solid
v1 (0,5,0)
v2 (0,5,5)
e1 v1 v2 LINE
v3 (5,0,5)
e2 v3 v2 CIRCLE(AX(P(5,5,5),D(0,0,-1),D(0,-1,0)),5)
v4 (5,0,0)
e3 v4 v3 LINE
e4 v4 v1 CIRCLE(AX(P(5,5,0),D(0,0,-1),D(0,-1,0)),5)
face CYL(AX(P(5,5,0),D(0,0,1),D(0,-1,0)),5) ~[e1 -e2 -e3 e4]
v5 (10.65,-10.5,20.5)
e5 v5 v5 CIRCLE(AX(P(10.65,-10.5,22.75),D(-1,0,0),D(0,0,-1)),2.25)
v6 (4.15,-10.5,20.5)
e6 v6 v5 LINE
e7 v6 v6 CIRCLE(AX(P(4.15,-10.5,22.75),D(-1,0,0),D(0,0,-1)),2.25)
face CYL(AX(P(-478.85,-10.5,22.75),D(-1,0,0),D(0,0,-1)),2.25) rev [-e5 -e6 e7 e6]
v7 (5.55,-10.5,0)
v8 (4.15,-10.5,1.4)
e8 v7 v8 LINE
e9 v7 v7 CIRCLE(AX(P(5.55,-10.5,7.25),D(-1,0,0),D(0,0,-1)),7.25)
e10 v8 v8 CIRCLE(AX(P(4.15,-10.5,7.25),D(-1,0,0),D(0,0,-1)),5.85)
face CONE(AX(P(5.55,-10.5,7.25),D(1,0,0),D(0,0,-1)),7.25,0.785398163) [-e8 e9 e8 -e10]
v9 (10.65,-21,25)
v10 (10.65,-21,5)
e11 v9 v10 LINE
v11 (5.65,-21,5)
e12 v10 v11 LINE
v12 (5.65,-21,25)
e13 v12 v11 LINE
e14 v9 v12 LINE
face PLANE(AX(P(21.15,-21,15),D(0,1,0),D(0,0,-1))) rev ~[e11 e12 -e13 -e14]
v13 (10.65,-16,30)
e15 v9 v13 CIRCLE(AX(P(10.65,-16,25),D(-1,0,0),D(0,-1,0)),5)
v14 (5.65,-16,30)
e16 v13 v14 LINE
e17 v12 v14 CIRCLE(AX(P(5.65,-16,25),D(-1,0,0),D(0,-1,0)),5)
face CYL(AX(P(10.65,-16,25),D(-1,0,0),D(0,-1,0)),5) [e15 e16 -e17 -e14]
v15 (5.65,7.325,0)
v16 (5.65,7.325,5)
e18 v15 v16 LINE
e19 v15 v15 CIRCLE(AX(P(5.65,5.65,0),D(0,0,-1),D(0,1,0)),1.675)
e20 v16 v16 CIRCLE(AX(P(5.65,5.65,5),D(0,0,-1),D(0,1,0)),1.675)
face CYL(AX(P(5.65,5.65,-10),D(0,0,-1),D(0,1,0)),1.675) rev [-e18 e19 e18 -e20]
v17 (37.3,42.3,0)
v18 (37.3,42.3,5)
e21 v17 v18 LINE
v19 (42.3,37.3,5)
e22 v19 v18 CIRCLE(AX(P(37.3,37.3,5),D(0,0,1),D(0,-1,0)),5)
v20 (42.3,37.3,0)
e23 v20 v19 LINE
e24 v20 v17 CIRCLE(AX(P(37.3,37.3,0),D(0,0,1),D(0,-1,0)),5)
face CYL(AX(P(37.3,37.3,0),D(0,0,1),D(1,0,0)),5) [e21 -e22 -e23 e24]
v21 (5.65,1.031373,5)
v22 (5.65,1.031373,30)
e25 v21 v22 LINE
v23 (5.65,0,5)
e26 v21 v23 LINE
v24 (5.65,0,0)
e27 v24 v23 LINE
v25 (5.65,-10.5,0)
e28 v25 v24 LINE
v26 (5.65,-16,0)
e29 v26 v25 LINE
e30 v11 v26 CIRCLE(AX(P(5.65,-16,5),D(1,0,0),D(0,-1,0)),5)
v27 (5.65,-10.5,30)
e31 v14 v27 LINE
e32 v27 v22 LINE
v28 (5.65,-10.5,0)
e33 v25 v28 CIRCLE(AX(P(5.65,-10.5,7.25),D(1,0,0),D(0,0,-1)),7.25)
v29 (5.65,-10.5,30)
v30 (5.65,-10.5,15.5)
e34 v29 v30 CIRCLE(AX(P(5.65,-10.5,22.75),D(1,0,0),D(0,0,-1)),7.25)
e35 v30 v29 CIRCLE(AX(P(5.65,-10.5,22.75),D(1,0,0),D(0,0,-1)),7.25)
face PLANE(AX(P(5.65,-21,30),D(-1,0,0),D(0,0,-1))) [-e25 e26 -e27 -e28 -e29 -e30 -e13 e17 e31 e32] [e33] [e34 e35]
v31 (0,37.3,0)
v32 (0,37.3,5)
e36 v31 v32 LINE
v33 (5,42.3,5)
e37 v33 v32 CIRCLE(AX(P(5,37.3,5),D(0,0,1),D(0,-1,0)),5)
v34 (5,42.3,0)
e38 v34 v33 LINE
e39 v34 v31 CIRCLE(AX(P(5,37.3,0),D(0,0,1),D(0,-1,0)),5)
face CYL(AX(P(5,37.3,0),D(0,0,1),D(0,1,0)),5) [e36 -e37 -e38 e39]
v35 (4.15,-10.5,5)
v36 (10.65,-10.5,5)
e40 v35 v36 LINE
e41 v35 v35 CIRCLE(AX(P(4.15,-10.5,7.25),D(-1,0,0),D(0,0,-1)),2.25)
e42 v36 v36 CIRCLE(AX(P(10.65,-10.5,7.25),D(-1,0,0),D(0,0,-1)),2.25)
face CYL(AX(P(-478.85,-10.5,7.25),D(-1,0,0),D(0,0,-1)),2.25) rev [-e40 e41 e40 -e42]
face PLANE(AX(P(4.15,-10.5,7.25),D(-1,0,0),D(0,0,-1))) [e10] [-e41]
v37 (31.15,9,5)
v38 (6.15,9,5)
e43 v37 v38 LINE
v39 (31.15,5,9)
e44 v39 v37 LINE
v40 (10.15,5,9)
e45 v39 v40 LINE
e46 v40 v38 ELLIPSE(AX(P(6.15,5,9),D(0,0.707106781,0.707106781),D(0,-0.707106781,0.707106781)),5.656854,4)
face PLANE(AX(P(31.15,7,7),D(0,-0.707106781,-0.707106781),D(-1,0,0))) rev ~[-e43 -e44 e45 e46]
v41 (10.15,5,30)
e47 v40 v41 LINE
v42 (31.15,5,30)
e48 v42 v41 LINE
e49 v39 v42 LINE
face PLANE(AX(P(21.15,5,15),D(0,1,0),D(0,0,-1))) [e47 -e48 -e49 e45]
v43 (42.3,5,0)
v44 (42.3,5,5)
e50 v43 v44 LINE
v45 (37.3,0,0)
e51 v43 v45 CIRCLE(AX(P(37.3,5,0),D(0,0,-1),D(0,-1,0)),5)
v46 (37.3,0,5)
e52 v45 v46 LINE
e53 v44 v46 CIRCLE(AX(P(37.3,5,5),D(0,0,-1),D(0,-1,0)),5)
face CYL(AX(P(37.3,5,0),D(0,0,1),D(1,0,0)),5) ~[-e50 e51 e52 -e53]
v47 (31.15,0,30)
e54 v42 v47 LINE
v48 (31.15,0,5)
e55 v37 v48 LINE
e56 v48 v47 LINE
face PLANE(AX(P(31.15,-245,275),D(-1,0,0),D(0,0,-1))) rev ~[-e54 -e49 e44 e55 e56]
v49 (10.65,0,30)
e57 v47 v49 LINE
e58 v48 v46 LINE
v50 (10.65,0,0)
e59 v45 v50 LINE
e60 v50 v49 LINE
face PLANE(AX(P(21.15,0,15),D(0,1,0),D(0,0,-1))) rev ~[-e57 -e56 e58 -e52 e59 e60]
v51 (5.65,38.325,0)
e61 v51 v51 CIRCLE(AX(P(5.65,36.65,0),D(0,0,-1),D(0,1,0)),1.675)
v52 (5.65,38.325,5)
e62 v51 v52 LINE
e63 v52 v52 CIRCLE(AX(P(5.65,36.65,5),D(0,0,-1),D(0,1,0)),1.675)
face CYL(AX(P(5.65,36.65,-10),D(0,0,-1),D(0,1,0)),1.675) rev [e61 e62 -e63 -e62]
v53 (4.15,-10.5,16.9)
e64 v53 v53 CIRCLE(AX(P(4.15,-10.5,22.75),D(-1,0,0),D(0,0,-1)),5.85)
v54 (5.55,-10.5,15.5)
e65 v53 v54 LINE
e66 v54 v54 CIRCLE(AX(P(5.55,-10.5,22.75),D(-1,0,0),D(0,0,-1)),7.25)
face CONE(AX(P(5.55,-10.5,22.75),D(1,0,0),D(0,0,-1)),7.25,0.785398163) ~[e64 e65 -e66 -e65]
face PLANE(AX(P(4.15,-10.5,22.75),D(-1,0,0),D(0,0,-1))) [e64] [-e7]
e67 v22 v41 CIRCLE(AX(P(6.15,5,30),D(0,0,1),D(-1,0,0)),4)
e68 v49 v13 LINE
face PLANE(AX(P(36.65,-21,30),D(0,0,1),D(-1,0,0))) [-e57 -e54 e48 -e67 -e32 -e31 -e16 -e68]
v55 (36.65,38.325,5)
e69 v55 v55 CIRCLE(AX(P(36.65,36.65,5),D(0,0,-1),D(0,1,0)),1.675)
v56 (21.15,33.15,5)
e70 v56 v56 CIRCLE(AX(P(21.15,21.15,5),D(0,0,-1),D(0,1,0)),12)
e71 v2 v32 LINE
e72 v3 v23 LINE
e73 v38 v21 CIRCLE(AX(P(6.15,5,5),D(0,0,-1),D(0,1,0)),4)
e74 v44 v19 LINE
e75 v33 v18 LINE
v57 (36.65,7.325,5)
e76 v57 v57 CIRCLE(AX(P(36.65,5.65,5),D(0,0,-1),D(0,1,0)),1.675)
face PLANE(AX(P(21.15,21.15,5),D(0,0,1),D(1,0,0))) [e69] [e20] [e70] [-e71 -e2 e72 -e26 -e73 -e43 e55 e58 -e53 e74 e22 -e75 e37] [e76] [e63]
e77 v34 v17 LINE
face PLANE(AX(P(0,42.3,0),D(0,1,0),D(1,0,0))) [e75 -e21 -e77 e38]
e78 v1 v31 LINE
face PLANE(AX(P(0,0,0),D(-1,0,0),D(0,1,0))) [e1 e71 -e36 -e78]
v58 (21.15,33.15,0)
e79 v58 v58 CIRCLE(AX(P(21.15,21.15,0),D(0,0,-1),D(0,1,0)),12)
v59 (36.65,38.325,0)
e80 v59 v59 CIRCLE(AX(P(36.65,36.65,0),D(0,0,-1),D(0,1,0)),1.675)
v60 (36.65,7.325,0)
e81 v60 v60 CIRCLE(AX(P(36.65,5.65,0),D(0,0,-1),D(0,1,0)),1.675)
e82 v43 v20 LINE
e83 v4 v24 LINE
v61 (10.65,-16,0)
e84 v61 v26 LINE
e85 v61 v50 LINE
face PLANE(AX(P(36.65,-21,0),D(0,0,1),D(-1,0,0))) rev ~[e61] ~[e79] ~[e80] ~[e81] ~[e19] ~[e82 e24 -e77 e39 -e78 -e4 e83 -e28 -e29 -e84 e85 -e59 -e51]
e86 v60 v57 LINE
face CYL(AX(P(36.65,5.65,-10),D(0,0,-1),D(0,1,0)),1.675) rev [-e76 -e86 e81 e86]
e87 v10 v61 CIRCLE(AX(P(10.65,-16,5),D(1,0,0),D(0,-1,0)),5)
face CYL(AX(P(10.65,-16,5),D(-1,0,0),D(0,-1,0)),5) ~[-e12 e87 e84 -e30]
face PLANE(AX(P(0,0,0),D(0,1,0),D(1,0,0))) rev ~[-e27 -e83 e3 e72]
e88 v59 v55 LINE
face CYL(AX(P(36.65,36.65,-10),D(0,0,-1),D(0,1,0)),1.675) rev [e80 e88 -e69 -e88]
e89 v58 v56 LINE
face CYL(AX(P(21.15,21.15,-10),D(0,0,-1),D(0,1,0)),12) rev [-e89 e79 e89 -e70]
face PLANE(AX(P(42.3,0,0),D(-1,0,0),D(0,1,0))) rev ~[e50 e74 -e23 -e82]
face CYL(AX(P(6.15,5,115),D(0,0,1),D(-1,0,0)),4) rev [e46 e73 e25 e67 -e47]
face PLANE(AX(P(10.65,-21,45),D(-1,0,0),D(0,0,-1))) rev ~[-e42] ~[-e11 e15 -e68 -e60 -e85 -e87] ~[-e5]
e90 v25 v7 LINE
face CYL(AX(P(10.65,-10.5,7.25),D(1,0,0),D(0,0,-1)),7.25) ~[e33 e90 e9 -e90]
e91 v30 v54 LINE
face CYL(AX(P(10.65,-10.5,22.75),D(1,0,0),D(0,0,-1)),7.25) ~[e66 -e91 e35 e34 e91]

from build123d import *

# Parameters (mm, degrees)
CUBE003_W                     = 500
CUBE003_H                     = 500
CUBE003_DEPTH                 = 500
CYLINDER006_R                 = 2.25
CYLINDER006_DEPTH             = 1000
CYLINDER005_R                 = 2.25
CYLINDER005_DEPTH             = 1000
CYLINDER004_R                 = 7.25
CYLINDER004_DEPTH             = 6.5
CYLINDER003_R                 = 7.25
CYLINDER003_DEPTH             = 6.5
GROUP003_PLACEMENT_ANGLE      = 180
CYLINDER002_R                 = 7.25
CYLINDER002_DEPTH             = 6.5
CYLINDER001_R                 = 7.25
CYLINDER001_DEPTH             = 6.5
CYLINDER_R                    = 4
CYLINDER_DEPTH                = 200
CUBE002_W                     = 60
CUBE002_H                     = 21
CUBE002_DEPTH                 = 21
CUBE001_W                     = 30
CUBE001_H                     = 31
CUBE001_DEPTH                 = 26
DIFFERENCE002_PITCH_ANGLE     = 90
DIFFERENCE002_PLACEMENT_ANGLE = 90
REFINELINEAREXTRUDE_R         = 12
REFINELINEAREXTRUDE_R_2       = 1.675
LINEAREXTRUDE_DEPTH           = 20
CUBE_W                        = 42.3
CUBE_H                        = 42.3
CUBE_DEPTH                    = 5
CHAMFER_SIZE                  = 4
CHAMFER001_SIZE               = 1.4
CHAMFER002_SIZE               = 1.4
FILLET_R                      = 5
FILLET001_R                   = 5
FILLET002_R                   = 5
FILLET003_R                   = 5
FILLET004_R                   = 5
FILLET005_R                   = 5


with BuildPart() as cube003:
    # cube003 → cube003 (new body)
    with BuildSketch(Plane(origin=(-250, -510, -250), x_dir=(1, 0, 0), z_dir=(0, 0, 1))):
        with Locations((250, 250)):
            Rectangle(CUBE003_W, CUBE003_H)
    extrude(amount=CUBE003_DEPTH)


with BuildPart() as cylinder006:
    # cylinder006 → cylinder006 (new body)
    with BuildSketch(Plane(origin=(15.5, 500, 0), x_dir=(1, 0, 0), z_dir=(0, -1, 0))):
        Circle(CYLINDER006_R)
    extrude(amount=CYLINDER006_DEPTH)


with BuildPart() as union002:
    # cylinder005 → cylinder005 (new body)
    with BuildSketch(Plane.XZ.offset(-500)):
        Circle(CYLINDER005_R)
    extrude(amount=CYLINDER005_DEPTH)

    # Group005: union cylinder006
    add(cylinder006.part)


with BuildPart() as union002_1:
    # Group005 placement: moved
    add(union002.part.moved(Location((2.25, 0, -15.5))))

    # union002: union cube003
    add(cube003.part)


with BuildPart() as cylinder004:
    # cylinder004 → cylinder004 (new body)
    with BuildSketch(Plane(origin=(15.5, 0, 0), x_dir=(1, 0, 0), z_dir=(0, -1, 0))):
        Circle(CYLINDER004_R)
    extrude(amount=CYLINDER004_DEPTH)


with BuildPart() as group003:
    # cylinder003 → cylinder003 (new body)
    with BuildSketch(Plane.XZ):
        Circle(CYLINDER003_R)
    extrude(amount=CYLINDER003_DEPTH)

    # Group003: union cylinder004
    add(cylinder004.part)


with BuildPart() as group003_1:
    # Group003 placement: moved
    add(group003.part.moved(Location((2.25, 10.5, -15.5))).rotate(Axis((2.25, 10.5, -15.5), (1, 0, 0)), GROUP003_PLACEMENT_ANGLE))


with BuildPart() as cylinder002:
    # cylinder002 → cylinder002 (new body)
    with BuildSketch(Plane(origin=(15.5, 0, 0), x_dir=(1, 0, 0), z_dir=(0, -1, 0))):
        Circle(CYLINDER002_R)
    extrude(amount=CYLINDER002_DEPTH)


with BuildPart() as group004:
    # cylinder001 → cylinder001 (new body)
    with BuildSketch(Plane.XZ):
        Circle(CYLINDER001_R)
    extrude(amount=CYLINDER001_DEPTH)

    # Group002: union cylinder002
    add(cylinder002.part)


with BuildPart() as group004_1:
    # Group002 placement: moved
    add(group004.part.moved(Location((2.25, -10.5, -15.5))))

    # Group004: union Group003
    add(group003_1.part)


with BuildPart() as cylinder:
    # cylinder → cylinder (new body)
    with BuildSketch(Plane(origin=(-100, 15, 13), x_dir=(0, 1, 0), z_dir=(1, 0, 0))):
        Circle(CYLINDER_R)
    extrude(amount=CYLINDER_DEPTH)


with BuildPart() as union:
    # cube002 → cube002 (new body)
    with BuildSketch(Plane(origin=(-30, -10.5, -13), x_dir=(1, 0, 0), z_dir=(0, 0, 1))):
        with Locations((30, 10.5)):
            Rectangle(CUBE002_W, CUBE002_H)
    extrude(amount=CUBE002_DEPTH)

    # union: union cylinder
    add(cylinder.part)


with BuildPart() as difference002:
    # cube001 → cube001 (new body)
    with BuildSketch(Plane(origin=(-15, -15.5, -13), x_dir=(1, 0, 0), z_dir=(0, 0, 1))):
        with Locations((15, 15.5)):
            Rectangle(CUBE001_W, CUBE001_H)
    extrude(amount=CUBE001_DEPTH)

    # difference001: cut union
    add(union.part, mode=Mode.SUBTRACT)


with BuildPart() as difference002_1:
    # difference001 placement: moved
    add(difference002.part.moved(Location((10, 0, -13))))

    # union001: union Group004
    add(group004_1.part)

    # difference002: cut union002
    add(union002_1.part, mode=Mode.SUBTRACT)


with BuildPart() as difference002_2:
    # difference002 pitch: moved
    add(difference002_1.part.rotate(Axis((0, 0, 0), (0, 1, 0)), DIFFERENCE002_PITCH_ANGLE))


with BuildPart() as difference002_3:
    # difference002 placement: moved
    add(difference002_2.part.moved(Location((21.15, 5, 25))).rotate(Axis((21.15, 5, 25), (0, 0, 1)), DIFFERENCE002_PLACEMENT_ANGLE))


with BuildPart() as linearextrude:
    # RefineLinearExtrude → LinearExtrude (new body)
    with BuildSketch(Plane(origin=(0, 0, 0), x_dir=(0, 1, 0), z_dir=(0, 0, 1))):
        Circle(REFINELINEAREXTRUDE_R)
        with Locations((15.5, -15.5)):
            Circle(REFINELINEAREXTRUDE_R_2)
        with Locations((15.5, 15.5)):
            Circle(REFINELINEAREXTRUDE_R_2)
        with Locations((-15.5, 15.5)):
            Circle(REFINELINEAREXTRUDE_R_2)
        with Locations((-15.5, -15.5)):
            Circle(REFINELINEAREXTRUDE_R_2)
    extrude(amount=LINEAREXTRUDE_DEPTH)


with BuildPart() as linearextrude_1:
    # LinearExtrude placement: moved
    add(linearextrude.part.moved(Location((21.15, 21.15, -10))))


with BuildPart() as fillet005:
    # cube → cube (new body)
    with BuildSketch(Plane.XY):
        with Locations((21.15, 21.15)):
            Rectangle(CUBE_W, CUBE_H)
    extrude(amount=CUBE_DEPTH)

    # difference: cut LinearExtrude
    add(linearextrude_1.part, mode=Mode.SUBTRACT)

    # Fusion: union difference002
    add(difference002_3.part)

    # Chamfer
    chamfer_edges = [fillet005.edges().sort_by_distance(p)[0] for p in [
        (20.65, 5, 5),
    ]]
    chamfer(chamfer_edges, length=CHAMFER_SIZE)

    # Chamfer001
    chamfer001_edges = [fillet005.edges().sort_by_distance(p)[0] for p in [
        (4.15, -10.5, 30),
    ]]
    chamfer(chamfer001_edges, length=CHAMFER001_SIZE)

    # Chamfer002
    chamfer002_edges = [fillet005.edges().sort_by_distance(p)[0] for p in [
        (4.15, -10.5, 14.5),
    ]]
    chamfer(chamfer002_edges, length=CHAMFER002_SIZE)

    # Fillet
    fillet_edges = [fillet005.edges().sort_by_distance(p)[0] for p in [
        (8.15, -21, 30),
    ]]
    fillet(fillet_edges, radius=FILLET_R)

    # Fillet001
    fillet001_edges = [fillet005.edges().sort_by_distance(p)[0] for p in [
        (8.15, -21, 0),
    ]]
    fillet(fillet001_edges, radius=FILLET001_R)

    # Fillet002
    fillet002_edges = [fillet005.edges().sort_by_distance(p)[0] for p in [
        (0, 0, 2.5),
    ]]
    fillet(fillet002_edges, radius=FILLET002_R)

    # Fillet003
    fillet003_edges = [fillet005.edges().sort_by_distance(p)[0] for p in [
        (42.3, 0, 2.5),
    ]]
    fillet(fillet003_edges, radius=FILLET003_R)

    # Fillet004
    fillet004_edges = [fillet005.edges().sort_by_distance(p)[0] for p in [
        (42.3, 42.3, 2.5),
    ]]
    fillet(fillet004_edges, radius=FILLET004_R)

    # Fillet005
    fillet005_edges = [fillet005.edges().sort_by_distance(p)[0] for p in [
        (0, 42.3, 2.5),
    ]]
    fillet(fillet005_edges, radius=FILLET005_R)


solid = fillet005.part
